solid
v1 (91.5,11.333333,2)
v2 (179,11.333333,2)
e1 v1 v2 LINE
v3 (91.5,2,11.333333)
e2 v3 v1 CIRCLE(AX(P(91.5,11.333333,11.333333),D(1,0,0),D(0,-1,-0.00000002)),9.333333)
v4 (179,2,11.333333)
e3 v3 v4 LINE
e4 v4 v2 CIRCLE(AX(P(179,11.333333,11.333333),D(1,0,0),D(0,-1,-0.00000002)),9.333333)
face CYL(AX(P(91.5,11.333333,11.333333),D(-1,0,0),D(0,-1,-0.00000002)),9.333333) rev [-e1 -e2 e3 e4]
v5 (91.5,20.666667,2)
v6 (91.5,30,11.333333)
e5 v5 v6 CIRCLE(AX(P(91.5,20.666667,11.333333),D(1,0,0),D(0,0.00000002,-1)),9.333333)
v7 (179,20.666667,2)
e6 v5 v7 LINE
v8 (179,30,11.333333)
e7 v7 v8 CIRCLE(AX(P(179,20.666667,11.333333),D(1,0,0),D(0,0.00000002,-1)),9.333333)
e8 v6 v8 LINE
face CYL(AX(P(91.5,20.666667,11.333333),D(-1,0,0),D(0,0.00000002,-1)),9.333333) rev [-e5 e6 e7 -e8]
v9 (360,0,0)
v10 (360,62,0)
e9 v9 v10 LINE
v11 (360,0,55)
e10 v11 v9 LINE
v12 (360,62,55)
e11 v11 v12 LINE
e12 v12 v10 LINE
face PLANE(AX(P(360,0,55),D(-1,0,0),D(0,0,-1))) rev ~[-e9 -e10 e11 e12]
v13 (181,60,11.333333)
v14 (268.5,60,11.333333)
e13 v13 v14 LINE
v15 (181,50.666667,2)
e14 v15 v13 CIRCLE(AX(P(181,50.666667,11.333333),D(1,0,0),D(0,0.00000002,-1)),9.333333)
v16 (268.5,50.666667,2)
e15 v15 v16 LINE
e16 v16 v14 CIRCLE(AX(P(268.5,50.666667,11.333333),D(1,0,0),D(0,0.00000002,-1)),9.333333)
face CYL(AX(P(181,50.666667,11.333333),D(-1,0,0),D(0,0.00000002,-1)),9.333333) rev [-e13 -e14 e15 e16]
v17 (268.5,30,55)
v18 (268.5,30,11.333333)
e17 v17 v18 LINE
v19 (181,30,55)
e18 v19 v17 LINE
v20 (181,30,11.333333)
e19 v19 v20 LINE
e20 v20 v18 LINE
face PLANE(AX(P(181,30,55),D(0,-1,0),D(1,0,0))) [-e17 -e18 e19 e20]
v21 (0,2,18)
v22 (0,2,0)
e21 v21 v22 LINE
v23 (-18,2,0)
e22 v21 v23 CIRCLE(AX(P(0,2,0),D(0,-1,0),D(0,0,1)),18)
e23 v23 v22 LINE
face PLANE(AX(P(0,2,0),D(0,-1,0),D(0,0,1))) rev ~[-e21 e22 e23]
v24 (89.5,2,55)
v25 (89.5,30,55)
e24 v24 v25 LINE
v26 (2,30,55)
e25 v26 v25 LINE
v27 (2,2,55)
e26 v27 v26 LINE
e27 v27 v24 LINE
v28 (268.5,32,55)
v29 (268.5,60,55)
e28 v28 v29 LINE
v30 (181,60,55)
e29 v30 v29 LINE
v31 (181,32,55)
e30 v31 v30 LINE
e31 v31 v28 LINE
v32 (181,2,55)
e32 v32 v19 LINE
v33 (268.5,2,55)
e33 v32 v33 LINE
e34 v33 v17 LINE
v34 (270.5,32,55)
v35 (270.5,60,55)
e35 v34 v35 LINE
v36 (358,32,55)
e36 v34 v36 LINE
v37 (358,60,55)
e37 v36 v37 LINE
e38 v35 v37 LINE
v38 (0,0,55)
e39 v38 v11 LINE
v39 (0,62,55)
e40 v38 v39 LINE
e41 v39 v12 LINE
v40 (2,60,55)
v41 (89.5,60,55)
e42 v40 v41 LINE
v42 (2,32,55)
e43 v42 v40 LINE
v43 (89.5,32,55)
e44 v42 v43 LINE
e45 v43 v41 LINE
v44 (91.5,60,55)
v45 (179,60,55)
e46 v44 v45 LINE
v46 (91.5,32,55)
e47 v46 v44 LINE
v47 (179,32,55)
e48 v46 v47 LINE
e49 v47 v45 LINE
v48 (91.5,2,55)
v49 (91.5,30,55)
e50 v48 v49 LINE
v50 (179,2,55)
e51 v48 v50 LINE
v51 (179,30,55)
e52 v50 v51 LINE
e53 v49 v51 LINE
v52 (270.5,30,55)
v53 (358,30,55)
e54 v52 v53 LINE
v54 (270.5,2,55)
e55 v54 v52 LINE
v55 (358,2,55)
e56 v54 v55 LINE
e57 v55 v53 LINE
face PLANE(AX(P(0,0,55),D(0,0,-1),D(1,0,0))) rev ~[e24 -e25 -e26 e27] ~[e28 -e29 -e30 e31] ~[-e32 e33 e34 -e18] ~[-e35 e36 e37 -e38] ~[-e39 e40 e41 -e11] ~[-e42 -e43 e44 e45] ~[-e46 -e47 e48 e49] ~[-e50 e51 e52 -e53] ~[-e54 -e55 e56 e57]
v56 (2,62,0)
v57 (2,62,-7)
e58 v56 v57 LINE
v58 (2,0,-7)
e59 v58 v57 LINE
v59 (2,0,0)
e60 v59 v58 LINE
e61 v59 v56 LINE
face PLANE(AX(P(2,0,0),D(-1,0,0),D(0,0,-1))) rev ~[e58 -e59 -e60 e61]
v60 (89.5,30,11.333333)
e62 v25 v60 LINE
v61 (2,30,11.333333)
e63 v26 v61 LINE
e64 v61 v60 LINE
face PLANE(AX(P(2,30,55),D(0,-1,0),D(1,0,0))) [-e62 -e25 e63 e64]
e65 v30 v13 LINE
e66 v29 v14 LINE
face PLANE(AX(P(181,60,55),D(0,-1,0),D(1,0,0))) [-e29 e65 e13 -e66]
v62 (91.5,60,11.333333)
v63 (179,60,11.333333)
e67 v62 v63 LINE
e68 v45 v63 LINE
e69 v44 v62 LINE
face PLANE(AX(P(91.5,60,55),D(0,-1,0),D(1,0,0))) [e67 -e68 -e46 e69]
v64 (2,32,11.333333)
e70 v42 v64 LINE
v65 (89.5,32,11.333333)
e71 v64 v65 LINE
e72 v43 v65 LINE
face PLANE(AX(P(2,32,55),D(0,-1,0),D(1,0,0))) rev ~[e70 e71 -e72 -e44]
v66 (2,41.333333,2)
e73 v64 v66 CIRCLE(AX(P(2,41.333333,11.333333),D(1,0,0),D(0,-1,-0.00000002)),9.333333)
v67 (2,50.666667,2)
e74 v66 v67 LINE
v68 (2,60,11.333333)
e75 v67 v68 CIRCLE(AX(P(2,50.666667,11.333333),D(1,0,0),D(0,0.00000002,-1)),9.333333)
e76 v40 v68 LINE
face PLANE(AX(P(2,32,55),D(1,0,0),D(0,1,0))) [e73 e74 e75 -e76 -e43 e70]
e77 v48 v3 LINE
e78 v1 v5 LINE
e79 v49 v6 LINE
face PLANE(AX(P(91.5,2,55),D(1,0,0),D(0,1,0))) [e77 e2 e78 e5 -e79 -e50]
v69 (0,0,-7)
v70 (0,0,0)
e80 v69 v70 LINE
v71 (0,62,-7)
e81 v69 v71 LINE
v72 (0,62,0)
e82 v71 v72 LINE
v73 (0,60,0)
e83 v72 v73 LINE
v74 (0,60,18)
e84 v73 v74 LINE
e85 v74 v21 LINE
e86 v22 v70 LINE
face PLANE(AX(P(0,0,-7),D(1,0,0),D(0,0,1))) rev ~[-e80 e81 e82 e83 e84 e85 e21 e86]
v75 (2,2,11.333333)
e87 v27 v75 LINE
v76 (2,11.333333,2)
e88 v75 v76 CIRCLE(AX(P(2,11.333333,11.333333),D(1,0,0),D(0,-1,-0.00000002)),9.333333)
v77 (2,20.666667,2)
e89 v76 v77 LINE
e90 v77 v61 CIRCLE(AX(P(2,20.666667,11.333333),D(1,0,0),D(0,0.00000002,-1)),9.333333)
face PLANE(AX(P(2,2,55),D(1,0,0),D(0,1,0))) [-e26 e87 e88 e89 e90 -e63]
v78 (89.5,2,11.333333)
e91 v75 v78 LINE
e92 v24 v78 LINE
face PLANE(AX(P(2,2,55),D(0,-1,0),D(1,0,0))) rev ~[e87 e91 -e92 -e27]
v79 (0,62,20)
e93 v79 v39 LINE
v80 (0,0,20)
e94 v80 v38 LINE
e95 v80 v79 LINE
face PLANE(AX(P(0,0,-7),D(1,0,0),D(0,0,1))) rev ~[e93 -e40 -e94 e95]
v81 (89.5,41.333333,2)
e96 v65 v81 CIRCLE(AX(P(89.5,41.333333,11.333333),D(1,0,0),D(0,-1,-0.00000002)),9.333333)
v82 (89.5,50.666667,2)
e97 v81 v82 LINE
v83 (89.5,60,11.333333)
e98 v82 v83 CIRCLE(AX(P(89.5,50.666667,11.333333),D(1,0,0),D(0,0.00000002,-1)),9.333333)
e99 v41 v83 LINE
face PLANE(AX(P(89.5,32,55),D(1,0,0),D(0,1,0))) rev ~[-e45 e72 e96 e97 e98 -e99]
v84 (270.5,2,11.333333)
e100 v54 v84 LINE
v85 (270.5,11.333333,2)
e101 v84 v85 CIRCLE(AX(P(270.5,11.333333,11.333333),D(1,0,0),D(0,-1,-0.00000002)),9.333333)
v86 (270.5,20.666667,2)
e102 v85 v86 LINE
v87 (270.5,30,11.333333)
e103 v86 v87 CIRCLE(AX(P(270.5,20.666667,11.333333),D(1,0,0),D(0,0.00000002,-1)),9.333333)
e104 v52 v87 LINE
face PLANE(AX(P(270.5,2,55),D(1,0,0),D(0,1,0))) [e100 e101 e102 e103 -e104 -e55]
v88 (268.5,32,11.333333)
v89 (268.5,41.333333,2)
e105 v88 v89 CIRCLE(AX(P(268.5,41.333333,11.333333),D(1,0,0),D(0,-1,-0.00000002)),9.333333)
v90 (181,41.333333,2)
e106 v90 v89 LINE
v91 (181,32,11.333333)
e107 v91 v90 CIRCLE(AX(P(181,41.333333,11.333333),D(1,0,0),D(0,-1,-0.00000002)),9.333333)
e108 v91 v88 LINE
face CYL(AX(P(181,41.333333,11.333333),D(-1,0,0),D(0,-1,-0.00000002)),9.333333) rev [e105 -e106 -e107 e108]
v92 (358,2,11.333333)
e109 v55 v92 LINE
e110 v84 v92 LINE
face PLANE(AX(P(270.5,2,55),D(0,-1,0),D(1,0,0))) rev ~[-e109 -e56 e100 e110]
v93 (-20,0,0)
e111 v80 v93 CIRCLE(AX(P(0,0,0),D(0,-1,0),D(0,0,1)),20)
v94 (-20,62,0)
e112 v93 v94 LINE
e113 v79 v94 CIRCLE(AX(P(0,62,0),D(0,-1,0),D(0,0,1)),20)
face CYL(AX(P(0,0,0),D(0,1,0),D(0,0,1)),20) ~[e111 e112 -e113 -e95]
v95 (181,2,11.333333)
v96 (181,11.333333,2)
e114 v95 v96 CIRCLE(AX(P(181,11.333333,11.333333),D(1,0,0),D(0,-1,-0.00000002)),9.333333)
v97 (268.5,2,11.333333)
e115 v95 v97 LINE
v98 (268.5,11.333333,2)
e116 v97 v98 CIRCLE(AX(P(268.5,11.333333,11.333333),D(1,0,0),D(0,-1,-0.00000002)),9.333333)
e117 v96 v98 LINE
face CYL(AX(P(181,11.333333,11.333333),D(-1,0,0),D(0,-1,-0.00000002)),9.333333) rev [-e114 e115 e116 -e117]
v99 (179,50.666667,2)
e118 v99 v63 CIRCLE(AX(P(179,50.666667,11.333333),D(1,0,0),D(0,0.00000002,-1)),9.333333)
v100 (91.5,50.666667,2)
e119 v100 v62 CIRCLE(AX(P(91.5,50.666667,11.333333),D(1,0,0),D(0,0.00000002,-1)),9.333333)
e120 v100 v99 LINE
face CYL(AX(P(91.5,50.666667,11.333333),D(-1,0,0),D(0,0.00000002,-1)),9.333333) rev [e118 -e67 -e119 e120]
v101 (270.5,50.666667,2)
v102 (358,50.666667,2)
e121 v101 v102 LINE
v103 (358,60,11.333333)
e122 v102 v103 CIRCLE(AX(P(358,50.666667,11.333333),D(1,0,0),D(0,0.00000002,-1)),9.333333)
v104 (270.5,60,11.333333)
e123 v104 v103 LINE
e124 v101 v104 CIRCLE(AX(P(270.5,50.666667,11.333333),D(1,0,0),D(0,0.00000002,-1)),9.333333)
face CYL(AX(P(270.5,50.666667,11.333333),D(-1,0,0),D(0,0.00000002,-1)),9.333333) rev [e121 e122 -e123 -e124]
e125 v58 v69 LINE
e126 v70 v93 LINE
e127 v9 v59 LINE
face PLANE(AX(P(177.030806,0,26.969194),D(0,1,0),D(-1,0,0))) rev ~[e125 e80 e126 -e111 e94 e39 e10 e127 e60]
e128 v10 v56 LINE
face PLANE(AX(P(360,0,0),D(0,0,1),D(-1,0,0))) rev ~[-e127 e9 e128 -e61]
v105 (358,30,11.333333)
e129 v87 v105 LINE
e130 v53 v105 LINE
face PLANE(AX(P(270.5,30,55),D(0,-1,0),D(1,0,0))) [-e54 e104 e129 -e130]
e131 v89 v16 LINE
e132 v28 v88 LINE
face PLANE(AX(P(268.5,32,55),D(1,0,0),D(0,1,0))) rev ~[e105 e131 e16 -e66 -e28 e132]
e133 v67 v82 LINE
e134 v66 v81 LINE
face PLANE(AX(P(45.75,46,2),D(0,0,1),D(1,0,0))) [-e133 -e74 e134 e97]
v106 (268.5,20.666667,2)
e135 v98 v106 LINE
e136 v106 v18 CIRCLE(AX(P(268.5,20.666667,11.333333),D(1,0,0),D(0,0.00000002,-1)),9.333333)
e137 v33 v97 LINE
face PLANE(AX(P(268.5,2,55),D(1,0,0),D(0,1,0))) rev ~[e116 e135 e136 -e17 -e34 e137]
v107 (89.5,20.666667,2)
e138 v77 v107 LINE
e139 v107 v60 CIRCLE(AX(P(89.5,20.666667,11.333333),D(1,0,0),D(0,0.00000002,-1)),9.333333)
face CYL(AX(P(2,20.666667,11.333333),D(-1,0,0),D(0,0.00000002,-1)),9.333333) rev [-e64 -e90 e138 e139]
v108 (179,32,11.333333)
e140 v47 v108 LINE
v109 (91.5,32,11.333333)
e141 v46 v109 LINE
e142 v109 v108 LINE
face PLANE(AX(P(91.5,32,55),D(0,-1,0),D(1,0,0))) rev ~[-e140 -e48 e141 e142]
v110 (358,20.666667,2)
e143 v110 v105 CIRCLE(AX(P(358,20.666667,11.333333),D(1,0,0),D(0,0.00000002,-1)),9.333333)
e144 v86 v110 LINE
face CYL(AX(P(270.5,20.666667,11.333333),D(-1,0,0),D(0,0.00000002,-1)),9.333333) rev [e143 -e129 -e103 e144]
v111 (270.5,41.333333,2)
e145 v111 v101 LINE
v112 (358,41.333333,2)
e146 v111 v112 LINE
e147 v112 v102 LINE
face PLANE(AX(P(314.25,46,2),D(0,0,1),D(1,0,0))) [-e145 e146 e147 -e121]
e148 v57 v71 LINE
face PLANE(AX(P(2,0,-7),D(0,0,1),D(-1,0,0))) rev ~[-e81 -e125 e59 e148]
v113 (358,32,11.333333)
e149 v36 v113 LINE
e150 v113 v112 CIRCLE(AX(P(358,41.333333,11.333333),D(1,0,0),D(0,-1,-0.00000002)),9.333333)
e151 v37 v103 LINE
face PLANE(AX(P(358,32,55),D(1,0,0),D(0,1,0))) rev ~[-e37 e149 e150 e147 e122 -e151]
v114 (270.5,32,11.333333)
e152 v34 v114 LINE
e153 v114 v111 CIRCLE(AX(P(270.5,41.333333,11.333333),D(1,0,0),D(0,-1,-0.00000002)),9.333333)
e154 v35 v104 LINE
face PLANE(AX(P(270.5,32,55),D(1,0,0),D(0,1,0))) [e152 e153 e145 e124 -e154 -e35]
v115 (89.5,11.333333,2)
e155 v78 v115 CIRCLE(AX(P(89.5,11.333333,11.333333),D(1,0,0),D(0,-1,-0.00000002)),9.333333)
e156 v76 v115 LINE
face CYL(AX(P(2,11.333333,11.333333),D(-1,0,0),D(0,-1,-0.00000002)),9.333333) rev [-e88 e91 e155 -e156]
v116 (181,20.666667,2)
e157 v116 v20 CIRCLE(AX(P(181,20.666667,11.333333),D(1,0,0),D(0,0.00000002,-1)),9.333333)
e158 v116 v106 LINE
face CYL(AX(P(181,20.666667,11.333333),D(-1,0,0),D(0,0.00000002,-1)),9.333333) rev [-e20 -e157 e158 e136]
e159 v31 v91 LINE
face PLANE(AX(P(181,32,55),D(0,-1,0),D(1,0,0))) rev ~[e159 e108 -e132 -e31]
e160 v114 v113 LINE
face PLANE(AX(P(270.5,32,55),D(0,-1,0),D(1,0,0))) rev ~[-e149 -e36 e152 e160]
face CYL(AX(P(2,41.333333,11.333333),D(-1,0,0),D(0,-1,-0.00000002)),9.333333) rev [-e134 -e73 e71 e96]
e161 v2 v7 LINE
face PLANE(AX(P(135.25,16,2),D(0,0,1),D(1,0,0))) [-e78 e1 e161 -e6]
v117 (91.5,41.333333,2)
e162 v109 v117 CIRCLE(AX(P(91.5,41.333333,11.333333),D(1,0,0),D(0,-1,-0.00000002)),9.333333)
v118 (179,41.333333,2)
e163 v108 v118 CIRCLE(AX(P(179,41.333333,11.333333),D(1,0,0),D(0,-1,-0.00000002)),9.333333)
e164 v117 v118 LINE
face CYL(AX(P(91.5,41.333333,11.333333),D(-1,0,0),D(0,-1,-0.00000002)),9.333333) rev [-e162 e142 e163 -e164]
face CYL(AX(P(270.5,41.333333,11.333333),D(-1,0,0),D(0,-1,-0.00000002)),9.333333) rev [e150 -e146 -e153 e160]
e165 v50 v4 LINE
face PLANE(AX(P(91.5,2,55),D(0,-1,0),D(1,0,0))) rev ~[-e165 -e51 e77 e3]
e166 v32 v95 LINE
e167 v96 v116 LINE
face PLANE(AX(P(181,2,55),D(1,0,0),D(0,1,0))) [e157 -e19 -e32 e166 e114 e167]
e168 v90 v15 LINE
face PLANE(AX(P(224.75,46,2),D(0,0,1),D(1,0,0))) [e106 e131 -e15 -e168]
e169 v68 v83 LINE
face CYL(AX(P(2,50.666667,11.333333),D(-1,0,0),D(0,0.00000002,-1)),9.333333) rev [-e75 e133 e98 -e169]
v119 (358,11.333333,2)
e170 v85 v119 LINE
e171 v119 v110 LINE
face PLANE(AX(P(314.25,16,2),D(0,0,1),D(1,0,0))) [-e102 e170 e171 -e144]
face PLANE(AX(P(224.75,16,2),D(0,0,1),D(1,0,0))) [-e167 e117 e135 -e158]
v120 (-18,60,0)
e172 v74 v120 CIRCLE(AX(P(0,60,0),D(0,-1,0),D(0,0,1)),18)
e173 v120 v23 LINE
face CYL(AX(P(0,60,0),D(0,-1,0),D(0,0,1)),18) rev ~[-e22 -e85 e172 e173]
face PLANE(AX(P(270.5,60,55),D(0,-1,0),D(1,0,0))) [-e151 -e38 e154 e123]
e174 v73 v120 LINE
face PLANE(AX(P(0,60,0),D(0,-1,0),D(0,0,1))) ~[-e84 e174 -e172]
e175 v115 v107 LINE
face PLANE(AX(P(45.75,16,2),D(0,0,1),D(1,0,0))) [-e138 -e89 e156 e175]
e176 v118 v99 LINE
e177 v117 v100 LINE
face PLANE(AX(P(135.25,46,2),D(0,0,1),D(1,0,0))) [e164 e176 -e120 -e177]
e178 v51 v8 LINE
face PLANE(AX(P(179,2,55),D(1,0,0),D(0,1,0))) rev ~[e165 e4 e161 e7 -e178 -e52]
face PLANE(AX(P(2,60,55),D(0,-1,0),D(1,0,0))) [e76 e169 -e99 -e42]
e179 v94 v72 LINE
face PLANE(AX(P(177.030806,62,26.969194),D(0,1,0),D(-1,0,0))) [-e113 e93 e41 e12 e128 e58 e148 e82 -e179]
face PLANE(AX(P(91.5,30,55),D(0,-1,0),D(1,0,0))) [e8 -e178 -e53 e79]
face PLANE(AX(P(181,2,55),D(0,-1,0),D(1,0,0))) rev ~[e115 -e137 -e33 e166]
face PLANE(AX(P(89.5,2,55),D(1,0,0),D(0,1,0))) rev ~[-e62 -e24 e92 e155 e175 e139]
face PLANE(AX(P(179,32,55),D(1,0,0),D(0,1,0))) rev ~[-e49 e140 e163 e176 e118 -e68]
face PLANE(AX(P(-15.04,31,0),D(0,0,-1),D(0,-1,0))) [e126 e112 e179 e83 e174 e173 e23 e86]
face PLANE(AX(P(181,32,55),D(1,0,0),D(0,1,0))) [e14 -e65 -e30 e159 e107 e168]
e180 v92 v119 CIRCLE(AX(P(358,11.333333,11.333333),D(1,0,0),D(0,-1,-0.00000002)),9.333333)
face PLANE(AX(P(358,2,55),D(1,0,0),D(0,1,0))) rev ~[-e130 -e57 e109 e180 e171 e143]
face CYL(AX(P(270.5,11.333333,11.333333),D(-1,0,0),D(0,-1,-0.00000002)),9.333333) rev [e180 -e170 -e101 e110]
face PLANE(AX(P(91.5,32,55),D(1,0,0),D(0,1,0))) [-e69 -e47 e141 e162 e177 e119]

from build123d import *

# Parameters (mm, degrees)
PAD002_DEPTH                    = 62
SKETCH004_W                     = 87.5
SKETCH004_H                     = 28
POCKET001_DEPTH                 = 53
PAD_DEPTH                       = 87.5
SKETCH004_LINEARPATTERN_2_W     = 87.5
SKETCH004_LINEARPATTERN_2_H     = 28
POCKET001_LINEARPATTERN_2_DEPTH = 53
PAD_LINEARPATTERN_2_DEPTH       = 87.5
SKETCH004_LINEARPATTERN_3_W     = 87.5
SKETCH004_LINEARPATTERN_3_H     = 28
POCKET001_LINEARPATTERN_3_DEPTH = 53
PAD_LINEARPATTERN_3_DEPTH       = 87.5
SKETCH004_LINEARPATTERN_4_W     = 87.5
SKETCH004_LINEARPATTERN_4_H     = 28
POCKET001_LINEARPATTERN_4_DEPTH = 53
PAD_LINEARPATTERN_4_DEPTH       = 87.5
LINEARPATTERN001_COUNT          = 2
LINEARPATTERN001_PITCH          = 30
REVOLUTION_ANGLE                = -90


with BuildPart() as part:
    # Sketch006 → Pad002 (new body)
    with BuildSketch(Plane.XZ):
        Polygon((0, 55), (360, 55), (360, 0), (2, 0), (2, -7), (0, -7), align=None)
    extrude(amount=-PAD002_DEPTH)

    # Sketch004 (on DatumPlane) → Pocket001 (cut)
    with BuildSketch(Plane.XY.offset(55)):
        with Locations((45.75, 16)):
            Rectangle(SKETCH004_W, SKETCH004_H)
    pocket001 = extrude(amount=-POCKET001_DEPTH, mode=Mode.SUBTRACT)

    # Sketch (on DatumPlane) → Pad (join)
    with BuildSketch(Plane.YZ.offset(2)):
        with BuildLine():
            ThreePointArc((2, 11.333333), (4.73367, 4.73367), (11.333333, 2))
            Line((2, 2), (11.333333, 2))
            Line((2, 11.333333), (2, 2))
        make_face()
        with BuildLine():
            ThreePointArc((20.666667, 2), (27.26633, 4.73367), (30, 11.333333))
            Line((30, 2), (30, 11.333333))
            Line((20.666667, 2), (30, 2))
        make_face()
    pad = extrude(amount=PAD_DEPTH)

    # Sketch004 LinearPattern 2 → Pocket001 LinearPattern 2 (cut)
    with BuildSketch(Plane(origin=(89.5, 0, 55), x_dir=(1, 0, 0), z_dir=(0, 0, 1))):
        with Locations((45.75, 16)):
            Rectangle(SKETCH004_LINEARPATTERN_2_W, SKETCH004_LINEARPATTERN_2_H)
    pocket001_linearpattern_2 = extrude(amount=-POCKET001_LINEARPATTERN_2_DEPTH, mode=Mode.SUBTRACT)

    # Sketch LinearPattern 2 → Pad LinearPattern 2 (add)
    with BuildSketch(Plane.YZ.offset(91.5)):
        with BuildLine():
            ThreePointArc((2, 11.333333), (4.73367, 4.73367), (11.333333, 2))
            Line((2, 2), (11.333333, 2))
            Line((2, 11.333333), (2, 2))
        make_face()
        with BuildLine():
            ThreePointArc((20.666667, 2), (27.26633, 4.73367), (30, 11.333333))
            Line((30, 2), (30, 11.333333))
            Line((20.666667, 2), (30, 2))
        make_face()
    pad_linearpattern_2 = extrude(amount=PAD_LINEARPATTERN_2_DEPTH)

    # Sketch004 LinearPattern 3 → Pocket001 LinearPattern 3 (cut)
    with BuildSketch(Plane(origin=(179, 0, 55), x_dir=(1, 0, 0), z_dir=(0, 0, 1))):
        with Locations((45.75, 16)):
            Rectangle(SKETCH004_LINEARPATTERN_3_W, SKETCH004_LINEARPATTERN_3_H)
    pocket001_linearpattern_3 = extrude(amount=-POCKET001_LINEARPATTERN_3_DEPTH, mode=Mode.SUBTRACT)

    # Sketch LinearPattern 3 → Pad LinearPattern 3 (add)
    with BuildSketch(Plane.YZ.offset(181)):
        with BuildLine():
            ThreePointArc((2, 11.333333), (4.73367, 4.73367), (11.333333, 2))
            Line((2, 2), (11.333333, 2))
            Line((2, 11.333333), (2, 2))
        make_face()
        with BuildLine():
            ThreePointArc((20.666667, 2), (27.26633, 4.73367), (30, 11.333333))
            Line((30, 2), (30, 11.333333))
            Line((20.666667, 2), (30, 2))
        make_face()
    pad_linearpattern_3 = extrude(amount=PAD_LINEARPATTERN_3_DEPTH)

    # Sketch004 LinearPattern 4 → Pocket001 LinearPattern 4 (cut)
    with BuildSketch(Plane(origin=(268.5, 0, 55), x_dir=(1, 0, 0), z_dir=(0, 0, 1))):
        with Locations((45.75, 16)):
            Rectangle(SKETCH004_LINEARPATTERN_4_W, SKETCH004_LINEARPATTERN_4_H)
    pocket001_linearpattern_4 = extrude(amount=-POCKET001_LINEARPATTERN_4_DEPTH, mode=Mode.SUBTRACT)

    # Sketch LinearPattern 4 → Pad LinearPattern 4 (add)
    with BuildSketch(Plane.YZ.offset(270.5)):
        with BuildLine():
            ThreePointArc((2, 11.333333), (4.73367, 4.73367), (11.333333, 2))
            Line((2, 2), (11.333333, 2))
            Line((2, 11.333333), (2, 2))
        make_face()
        with BuildLine():
            ThreePointArc((20.666667, 2), (27.26633, 4.73367), (30, 11.333333))
            Line((30, 2), (30, 11.333333))
            Line((20.666667, 2), (30, 2))
        make_face()
    pad_linearpattern_4 = extrude(amount=PAD_LINEARPATTERN_4_DEPTH)

    # LinearPattern001: Pocket001, Pad, Pocket001 LinearPattern 2, Pad LinearPattern 2, Pocket001 LinearPattern 3, Pad LinearPattern 3, Pocket001 LinearPattern 4, Pad LinearPattern 4 ×2
    with Locations(*[(0, i * LINEARPATTERN001_PITCH, 0) for i in range(1, LINEARPATTERN001_COUNT)]):
        add(pocket001, mode=Mode.SUBTRACT)
        add(pad)
        add(pocket001_linearpattern_2, mode=Mode.SUBTRACT)
        add(pad_linearpattern_2)
        add(pocket001_linearpattern_3, mode=Mode.SUBTRACT)
        add(pad_linearpattern_3)
        add(pocket001_linearpattern_4, mode=Mode.SUBTRACT)
        add(pad_linearpattern_4)

    # Sketch007 → Revolution (revolve)
    with BuildSketch(Plane.YZ):
        Polygon((0, 0), (0, 20), (62, 20), (62, 0), (60, 0), (60, 18), (2, 18), (2, 0), align=None)
    revolve(axis=Axis((0, 0, 0), (0, 1, 0)), revolution_arc=REVOLUTION_ANGLE)


solid = part.part
